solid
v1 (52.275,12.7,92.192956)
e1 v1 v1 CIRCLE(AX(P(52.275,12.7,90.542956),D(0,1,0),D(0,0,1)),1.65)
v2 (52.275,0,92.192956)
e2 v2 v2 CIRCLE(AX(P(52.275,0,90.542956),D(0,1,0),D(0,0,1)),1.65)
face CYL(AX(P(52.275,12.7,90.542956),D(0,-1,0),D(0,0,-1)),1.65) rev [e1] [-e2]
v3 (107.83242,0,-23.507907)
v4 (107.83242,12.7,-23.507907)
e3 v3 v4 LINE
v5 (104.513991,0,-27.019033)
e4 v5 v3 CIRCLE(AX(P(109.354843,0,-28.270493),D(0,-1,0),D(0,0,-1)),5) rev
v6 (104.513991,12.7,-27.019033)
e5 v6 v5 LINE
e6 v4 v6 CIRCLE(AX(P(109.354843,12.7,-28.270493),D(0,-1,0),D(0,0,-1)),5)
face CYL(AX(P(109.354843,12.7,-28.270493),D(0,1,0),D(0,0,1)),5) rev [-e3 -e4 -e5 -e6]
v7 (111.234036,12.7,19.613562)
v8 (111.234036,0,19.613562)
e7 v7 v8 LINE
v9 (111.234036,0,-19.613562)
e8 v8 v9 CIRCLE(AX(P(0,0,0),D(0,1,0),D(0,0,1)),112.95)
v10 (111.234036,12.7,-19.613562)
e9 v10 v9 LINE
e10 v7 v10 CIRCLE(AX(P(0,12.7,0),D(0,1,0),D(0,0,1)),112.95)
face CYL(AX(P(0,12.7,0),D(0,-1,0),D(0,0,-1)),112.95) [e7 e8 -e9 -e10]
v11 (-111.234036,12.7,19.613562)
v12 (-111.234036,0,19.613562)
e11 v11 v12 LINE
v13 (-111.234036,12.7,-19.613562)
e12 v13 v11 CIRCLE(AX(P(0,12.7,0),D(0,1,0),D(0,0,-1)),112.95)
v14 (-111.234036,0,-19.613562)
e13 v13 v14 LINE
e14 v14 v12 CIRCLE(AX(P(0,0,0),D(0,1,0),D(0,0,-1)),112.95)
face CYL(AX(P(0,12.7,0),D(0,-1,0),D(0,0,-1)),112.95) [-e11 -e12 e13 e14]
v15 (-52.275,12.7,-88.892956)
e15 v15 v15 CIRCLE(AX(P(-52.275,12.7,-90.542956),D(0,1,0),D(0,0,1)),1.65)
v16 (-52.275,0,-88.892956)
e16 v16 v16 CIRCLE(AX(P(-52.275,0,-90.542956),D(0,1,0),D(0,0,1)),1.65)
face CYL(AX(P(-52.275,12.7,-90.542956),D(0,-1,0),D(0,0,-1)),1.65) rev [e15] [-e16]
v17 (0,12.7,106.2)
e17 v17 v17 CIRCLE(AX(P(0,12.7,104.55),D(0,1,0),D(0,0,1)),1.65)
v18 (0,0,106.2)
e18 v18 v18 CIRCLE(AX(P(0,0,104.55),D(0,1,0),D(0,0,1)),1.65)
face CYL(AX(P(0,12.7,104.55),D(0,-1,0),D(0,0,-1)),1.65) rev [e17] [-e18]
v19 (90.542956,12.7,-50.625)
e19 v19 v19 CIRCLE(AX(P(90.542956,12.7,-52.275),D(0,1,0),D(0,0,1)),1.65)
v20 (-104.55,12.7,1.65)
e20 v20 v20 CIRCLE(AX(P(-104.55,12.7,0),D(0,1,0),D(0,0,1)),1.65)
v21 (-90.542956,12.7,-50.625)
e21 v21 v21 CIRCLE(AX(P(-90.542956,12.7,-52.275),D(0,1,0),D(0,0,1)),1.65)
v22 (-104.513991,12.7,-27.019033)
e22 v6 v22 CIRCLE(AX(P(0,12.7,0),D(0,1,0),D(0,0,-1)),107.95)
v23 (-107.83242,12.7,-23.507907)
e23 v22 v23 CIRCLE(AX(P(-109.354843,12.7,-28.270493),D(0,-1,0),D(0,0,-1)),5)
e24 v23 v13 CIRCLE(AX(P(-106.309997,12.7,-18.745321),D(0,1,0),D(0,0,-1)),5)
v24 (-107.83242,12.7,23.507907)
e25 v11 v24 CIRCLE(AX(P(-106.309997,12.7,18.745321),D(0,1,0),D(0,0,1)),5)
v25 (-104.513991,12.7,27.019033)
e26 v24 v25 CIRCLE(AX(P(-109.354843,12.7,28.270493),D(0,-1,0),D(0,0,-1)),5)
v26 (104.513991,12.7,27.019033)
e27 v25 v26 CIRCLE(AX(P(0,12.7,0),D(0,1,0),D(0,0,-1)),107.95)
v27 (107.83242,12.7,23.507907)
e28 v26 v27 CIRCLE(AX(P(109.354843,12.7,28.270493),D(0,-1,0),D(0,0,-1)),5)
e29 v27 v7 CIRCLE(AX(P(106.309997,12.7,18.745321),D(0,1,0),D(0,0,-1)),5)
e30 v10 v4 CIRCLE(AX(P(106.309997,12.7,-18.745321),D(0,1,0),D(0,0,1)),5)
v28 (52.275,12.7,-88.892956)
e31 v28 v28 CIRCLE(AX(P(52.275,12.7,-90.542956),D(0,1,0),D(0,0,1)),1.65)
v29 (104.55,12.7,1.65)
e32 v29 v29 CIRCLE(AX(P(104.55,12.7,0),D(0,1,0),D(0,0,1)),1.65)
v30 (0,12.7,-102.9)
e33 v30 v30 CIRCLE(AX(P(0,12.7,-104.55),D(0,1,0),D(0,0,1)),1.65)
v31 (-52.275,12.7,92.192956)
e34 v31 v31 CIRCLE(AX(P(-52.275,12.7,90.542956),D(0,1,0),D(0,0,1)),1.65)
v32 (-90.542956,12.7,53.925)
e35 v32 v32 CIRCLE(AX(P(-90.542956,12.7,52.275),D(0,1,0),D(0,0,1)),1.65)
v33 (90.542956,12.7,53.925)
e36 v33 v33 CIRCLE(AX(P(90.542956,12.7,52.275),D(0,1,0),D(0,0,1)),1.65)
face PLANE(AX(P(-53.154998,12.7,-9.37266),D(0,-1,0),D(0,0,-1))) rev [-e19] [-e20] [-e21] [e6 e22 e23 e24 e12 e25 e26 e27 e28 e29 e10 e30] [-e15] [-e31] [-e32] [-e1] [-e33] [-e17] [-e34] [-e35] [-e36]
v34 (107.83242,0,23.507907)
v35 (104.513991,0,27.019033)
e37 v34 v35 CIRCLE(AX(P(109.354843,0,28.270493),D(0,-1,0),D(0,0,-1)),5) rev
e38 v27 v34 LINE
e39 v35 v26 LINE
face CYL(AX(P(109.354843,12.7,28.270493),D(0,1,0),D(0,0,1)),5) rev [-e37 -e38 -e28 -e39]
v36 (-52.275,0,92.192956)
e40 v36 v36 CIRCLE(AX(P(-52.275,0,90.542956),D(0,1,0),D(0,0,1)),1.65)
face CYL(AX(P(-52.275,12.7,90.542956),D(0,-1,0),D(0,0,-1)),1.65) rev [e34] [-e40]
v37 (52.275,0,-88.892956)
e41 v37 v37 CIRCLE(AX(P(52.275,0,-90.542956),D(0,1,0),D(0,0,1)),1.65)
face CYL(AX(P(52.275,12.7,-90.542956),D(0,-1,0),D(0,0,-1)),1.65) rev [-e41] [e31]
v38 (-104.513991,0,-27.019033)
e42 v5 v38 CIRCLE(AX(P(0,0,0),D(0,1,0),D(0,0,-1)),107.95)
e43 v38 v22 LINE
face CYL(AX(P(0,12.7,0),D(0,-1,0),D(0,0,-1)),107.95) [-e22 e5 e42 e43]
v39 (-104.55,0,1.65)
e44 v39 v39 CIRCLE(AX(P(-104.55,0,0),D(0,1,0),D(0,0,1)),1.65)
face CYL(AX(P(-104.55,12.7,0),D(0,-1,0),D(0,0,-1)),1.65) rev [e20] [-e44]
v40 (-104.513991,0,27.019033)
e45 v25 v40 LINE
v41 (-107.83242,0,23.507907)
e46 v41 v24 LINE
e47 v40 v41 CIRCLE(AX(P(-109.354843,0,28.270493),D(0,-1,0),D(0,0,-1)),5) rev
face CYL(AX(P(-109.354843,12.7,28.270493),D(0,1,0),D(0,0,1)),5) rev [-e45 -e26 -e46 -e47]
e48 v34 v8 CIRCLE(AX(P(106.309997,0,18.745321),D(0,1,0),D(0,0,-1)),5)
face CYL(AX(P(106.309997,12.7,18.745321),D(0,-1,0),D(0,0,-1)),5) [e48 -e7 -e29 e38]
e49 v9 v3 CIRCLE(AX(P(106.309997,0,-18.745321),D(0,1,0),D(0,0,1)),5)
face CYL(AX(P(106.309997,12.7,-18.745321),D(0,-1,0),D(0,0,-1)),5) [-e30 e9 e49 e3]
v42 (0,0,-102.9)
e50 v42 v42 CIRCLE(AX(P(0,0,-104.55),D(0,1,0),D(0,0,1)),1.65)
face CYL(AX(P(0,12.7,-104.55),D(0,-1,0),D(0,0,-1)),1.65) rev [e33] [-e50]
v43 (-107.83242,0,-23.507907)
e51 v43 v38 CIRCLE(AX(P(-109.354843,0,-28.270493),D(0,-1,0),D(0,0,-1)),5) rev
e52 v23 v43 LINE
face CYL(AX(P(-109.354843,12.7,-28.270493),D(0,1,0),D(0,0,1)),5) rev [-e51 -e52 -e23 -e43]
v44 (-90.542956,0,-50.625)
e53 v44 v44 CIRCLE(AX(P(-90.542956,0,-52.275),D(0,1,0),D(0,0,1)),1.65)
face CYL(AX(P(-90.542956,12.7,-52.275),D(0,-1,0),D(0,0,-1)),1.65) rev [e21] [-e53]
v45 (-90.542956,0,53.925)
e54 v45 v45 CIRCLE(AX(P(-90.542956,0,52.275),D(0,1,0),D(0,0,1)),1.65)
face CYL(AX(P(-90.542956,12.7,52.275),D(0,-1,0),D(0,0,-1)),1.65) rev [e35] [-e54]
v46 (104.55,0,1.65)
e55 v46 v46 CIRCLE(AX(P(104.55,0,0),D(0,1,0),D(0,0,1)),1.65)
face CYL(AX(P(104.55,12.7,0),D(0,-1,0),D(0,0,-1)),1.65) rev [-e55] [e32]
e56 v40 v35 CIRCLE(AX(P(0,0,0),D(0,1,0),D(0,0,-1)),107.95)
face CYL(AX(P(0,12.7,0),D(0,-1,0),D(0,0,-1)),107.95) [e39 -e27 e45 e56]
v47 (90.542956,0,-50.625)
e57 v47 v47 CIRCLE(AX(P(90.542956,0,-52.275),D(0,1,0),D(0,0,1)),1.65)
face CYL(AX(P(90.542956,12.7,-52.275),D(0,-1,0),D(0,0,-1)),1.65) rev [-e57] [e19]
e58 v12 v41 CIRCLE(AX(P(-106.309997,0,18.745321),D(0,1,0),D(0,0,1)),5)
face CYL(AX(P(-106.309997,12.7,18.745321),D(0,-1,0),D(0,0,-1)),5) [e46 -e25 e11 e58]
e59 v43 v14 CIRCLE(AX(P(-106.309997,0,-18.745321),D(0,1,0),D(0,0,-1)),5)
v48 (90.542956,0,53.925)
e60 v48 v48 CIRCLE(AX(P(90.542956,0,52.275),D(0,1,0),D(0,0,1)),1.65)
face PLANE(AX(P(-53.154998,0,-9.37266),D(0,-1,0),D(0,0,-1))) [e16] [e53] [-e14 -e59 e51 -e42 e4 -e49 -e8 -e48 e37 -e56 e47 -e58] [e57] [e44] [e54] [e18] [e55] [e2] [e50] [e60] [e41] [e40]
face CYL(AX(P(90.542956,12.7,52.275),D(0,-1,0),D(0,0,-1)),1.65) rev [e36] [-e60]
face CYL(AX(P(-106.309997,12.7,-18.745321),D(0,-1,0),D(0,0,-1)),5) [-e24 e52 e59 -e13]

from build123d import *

# Parameters (mm, degrees)
SKETCH1_R           = 1.65
BOSS_EXTRUDE1_DEPTH = 12.7
FILLET1_R           = 5


with BuildPart() as part:
    # Sketch1 → Boss-Extrude1 (new body)
    with BuildSketch(Plane(origin=(0, 0, 0), x_dir=(1, 0, 0), z_dir=(0, 1, 0))):
        with BuildLine():
            ThreePointArc((-111.234035703, -19.613561667), (-112.95, 0), (-111.234035703, 19.613561667))
            ThreePointArc((-111.234035703, 19.613561667), (-109.13025705, 22.87401705), (-105.327953741, 23.647931427))
            ThreePointArc((-105.327953741, 23.647931427), (0, 107.95), (105.327953741, 23.647931427))
            ThreePointArc((105.327953741, 23.647931427), (109.13025705, 22.87401705), (111.234035703, 19.613561667))
            ThreePointArc((111.234035703, 19.613561667), (112.95, 0), (111.234035703, -19.613561667))
            ThreePointArc((111.234035703, -19.613561667), (109.13025705, -22.87401705), (105.327953741, -23.647931427))
            ThreePointArc((105.327953741, -23.647931427), (0, -107.95), (-105.327953741, -23.647931427))
            ThreePointArc((-105.327953741, -23.647931427), (-109.13025705, -22.87401705), (-111.234035703, -19.613561667))
        make_face()
        with Locations(Location((0, 104.55, 0), (0, 0, 270))):
            Circle(SKETCH1_R, mode=Mode.SUBTRACT)
        with Locations(Location((52.275, 90.542955966, 0), (0, 0, 270))):
            Circle(SKETCH1_R, mode=Mode.SUBTRACT)
        with Locations(Location((90.542955966, 52.275, 0), (0, 0, 270))):
            Circle(SKETCH1_R, mode=Mode.SUBTRACT)
        with Locations(Location((104.55, 0, 0), (0, 0, 270))):
            Circle(SKETCH1_R, mode=Mode.SUBTRACT)
        with Locations(Location((90.542955966, -52.275, 0), (0, 0, 270))):
            Circle(SKETCH1_R, mode=Mode.SUBTRACT)
        with Locations(Location((52.275, -90.542955966, 0), (0, 0, 270))):
            Circle(SKETCH1_R, mode=Mode.SUBTRACT)
        with Locations(Location((0, -104.55, 0), (0, 0, 270))):
            Circle(SKETCH1_R, mode=Mode.SUBTRACT)
        with Locations(Location((-52.275, -90.542955966, 0), (0, 0, 270))):
            Circle(SKETCH1_R, mode=Mode.SUBTRACT)
        with Locations(Location((-90.542955966, -52.275, 0), (0, 0, 270))):
            Circle(SKETCH1_R, mode=Mode.SUBTRACT)
        with Locations(Location((-104.55, 0, 0), (0, 0, 270))):
            Circle(SKETCH1_R, mode=Mode.SUBTRACT)
        with Locations(Location((-90.542955966, 52.275, 0), (0, 0, 270))):
            Circle(SKETCH1_R, mode=Mode.SUBTRACT)
        with Locations(Location((-52.275, 90.542955966, 0), (0, 0, 270))):
            Circle(SKETCH1_R, mode=Mode.SUBTRACT)
    extrude(amount=BOSS_EXTRUDE1_DEPTH)

    # Fillet1
    fillet1_edges = [part.edges().sort_by_distance(p)[0] for p in [
        (-105.327953741, 6.35, -23.647931427),
        (105.327953741, 6.35, -23.647931427),
        (105.327953741, 6.35, 23.647931427),
        (-105.327953741, 6.35, 23.647931427),
    ]]
    fillet(fillet1_edges, radius=FILLET1_R)


solid = part.part
